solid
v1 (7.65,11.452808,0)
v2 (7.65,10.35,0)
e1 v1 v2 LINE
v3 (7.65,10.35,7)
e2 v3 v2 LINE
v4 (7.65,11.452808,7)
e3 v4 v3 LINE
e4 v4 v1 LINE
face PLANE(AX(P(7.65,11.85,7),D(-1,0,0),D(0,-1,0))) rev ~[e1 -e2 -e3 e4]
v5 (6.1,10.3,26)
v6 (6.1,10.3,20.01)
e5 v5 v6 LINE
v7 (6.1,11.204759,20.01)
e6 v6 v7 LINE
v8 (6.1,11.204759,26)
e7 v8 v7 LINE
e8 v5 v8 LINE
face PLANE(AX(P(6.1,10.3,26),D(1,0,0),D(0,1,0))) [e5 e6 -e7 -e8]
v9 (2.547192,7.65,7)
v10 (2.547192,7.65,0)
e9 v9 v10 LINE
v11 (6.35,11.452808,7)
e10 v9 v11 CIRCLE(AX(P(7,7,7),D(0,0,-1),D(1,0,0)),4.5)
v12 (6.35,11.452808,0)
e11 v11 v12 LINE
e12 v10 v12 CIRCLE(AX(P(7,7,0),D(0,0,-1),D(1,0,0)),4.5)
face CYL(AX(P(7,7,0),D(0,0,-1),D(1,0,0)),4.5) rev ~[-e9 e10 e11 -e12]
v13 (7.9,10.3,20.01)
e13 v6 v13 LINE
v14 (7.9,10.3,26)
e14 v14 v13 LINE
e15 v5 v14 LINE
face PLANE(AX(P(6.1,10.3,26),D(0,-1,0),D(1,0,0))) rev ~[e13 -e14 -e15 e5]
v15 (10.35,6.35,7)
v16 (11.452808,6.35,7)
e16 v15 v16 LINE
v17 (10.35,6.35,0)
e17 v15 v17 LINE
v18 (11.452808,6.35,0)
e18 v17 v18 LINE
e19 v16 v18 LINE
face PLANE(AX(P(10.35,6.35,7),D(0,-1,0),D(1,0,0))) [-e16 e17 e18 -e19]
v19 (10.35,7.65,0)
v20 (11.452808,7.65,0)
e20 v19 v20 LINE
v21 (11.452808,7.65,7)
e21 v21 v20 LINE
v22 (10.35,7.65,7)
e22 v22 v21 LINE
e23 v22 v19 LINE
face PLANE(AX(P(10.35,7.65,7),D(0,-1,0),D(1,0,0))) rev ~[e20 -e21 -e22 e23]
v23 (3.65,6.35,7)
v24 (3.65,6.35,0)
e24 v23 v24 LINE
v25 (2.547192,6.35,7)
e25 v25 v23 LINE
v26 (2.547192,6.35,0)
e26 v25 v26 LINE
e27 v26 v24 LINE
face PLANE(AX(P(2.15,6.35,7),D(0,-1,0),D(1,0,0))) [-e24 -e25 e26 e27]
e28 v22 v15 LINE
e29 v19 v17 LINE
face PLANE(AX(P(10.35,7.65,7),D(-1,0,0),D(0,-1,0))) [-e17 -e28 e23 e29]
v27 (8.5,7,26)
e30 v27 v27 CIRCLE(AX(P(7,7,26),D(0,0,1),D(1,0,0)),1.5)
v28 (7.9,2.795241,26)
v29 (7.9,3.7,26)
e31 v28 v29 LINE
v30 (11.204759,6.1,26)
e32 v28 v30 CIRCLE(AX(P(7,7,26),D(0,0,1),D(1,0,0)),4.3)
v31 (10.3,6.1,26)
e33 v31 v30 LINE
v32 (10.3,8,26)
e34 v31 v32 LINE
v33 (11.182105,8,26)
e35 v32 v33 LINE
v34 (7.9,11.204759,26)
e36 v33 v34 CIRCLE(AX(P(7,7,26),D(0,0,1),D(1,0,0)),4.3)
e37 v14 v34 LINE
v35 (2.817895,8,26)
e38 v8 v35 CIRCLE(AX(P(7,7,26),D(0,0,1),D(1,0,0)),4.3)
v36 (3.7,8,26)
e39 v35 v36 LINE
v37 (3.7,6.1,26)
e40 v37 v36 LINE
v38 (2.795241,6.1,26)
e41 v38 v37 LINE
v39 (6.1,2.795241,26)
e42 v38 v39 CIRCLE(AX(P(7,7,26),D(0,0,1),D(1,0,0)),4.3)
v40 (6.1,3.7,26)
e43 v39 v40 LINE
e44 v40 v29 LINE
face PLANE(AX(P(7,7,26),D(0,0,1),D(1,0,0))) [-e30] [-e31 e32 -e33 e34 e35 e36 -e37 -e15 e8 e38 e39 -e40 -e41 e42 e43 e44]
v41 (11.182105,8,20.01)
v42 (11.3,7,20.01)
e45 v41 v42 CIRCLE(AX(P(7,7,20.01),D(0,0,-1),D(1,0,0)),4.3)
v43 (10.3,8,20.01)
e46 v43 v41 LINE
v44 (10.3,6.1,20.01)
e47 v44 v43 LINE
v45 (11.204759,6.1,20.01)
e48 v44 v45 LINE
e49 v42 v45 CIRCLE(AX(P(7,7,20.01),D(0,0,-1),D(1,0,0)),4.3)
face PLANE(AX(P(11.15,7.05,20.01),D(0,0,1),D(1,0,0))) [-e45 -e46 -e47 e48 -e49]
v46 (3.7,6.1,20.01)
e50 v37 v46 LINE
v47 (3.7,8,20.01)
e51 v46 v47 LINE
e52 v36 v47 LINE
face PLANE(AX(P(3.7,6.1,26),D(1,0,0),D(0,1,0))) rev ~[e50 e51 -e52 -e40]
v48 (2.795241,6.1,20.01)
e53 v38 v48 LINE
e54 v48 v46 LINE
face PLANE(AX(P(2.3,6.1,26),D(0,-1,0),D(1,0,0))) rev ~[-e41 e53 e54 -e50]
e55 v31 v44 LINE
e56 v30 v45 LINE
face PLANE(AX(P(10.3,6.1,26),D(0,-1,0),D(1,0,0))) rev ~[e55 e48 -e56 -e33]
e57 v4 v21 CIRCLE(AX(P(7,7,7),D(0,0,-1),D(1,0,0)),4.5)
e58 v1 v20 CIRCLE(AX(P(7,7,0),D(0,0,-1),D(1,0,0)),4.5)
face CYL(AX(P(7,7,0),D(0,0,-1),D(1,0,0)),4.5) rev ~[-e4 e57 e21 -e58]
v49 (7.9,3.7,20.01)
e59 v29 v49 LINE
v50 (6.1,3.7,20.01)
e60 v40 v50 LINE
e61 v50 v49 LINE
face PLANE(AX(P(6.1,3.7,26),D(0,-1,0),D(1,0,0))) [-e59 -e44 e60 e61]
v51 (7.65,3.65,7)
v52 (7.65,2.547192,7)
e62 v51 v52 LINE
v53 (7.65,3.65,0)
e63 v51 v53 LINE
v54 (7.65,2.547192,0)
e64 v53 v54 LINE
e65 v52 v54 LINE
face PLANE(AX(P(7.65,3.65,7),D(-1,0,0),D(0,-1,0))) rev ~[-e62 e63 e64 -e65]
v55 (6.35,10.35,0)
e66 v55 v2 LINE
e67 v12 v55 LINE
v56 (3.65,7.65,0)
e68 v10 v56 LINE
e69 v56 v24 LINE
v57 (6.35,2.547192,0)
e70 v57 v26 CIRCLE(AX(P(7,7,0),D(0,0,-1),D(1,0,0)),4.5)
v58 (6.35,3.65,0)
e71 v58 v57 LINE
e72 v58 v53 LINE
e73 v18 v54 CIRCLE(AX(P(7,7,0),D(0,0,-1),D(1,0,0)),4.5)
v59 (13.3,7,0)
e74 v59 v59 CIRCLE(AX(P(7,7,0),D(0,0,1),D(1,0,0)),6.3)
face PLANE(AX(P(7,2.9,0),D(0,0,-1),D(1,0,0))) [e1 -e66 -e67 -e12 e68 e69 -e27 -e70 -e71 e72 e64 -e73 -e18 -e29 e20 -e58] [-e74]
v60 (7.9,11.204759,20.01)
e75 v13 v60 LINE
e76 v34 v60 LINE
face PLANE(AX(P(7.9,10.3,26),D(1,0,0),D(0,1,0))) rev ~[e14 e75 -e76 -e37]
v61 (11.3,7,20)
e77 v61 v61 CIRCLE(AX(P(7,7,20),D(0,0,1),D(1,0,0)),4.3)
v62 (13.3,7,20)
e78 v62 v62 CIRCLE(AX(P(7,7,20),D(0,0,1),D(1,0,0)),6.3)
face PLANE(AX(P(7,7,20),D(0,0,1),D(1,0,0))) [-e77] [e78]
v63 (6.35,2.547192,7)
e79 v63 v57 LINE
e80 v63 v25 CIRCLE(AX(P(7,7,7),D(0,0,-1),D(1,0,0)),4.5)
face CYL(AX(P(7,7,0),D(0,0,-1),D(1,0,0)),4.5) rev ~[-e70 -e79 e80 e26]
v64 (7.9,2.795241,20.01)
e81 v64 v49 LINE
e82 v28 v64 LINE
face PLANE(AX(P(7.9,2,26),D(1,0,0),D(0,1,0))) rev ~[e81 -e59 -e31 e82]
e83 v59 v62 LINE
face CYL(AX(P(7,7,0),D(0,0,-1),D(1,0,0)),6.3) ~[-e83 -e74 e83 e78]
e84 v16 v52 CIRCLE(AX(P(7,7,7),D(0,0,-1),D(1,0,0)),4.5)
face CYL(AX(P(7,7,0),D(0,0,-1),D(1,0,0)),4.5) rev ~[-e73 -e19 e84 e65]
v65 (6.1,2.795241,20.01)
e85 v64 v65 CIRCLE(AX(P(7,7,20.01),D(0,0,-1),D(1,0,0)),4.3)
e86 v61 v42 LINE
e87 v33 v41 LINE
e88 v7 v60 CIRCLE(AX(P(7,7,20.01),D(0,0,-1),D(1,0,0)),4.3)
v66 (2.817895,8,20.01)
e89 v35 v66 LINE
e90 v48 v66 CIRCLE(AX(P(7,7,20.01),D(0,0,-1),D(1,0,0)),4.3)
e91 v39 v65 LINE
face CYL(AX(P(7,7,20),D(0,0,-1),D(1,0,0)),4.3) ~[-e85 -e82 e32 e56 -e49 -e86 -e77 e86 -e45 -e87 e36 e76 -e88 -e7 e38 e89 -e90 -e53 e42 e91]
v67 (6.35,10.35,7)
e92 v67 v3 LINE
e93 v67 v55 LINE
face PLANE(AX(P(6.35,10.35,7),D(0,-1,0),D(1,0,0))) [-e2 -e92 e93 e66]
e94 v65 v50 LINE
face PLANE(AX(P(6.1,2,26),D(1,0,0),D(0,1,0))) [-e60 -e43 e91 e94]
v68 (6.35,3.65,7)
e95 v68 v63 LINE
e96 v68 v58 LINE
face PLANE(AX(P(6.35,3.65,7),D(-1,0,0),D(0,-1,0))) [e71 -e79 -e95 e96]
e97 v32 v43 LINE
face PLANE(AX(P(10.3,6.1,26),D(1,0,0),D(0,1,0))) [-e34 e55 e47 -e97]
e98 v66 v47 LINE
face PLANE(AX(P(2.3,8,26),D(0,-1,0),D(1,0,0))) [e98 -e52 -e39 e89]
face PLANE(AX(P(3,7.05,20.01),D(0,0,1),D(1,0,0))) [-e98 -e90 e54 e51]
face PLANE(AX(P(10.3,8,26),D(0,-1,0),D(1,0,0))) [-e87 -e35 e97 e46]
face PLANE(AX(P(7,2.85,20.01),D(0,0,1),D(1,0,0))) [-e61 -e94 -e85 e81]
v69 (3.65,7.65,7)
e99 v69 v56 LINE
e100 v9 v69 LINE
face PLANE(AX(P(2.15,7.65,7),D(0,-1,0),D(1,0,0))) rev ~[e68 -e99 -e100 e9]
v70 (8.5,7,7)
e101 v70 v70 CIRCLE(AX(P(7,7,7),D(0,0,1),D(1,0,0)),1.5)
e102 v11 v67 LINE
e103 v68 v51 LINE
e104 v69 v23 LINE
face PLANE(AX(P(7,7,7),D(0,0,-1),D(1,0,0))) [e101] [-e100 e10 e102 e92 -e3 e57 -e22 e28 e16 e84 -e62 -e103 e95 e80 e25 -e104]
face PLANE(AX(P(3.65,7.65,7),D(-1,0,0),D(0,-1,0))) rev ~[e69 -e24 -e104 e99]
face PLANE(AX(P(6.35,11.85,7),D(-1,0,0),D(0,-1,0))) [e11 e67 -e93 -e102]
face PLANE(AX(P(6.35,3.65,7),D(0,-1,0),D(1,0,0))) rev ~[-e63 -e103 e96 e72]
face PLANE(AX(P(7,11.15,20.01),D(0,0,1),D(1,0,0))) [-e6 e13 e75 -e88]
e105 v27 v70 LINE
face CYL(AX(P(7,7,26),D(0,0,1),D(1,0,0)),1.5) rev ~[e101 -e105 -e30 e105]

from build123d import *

# Parameters (mm, degrees)
SKETCH_R        = 6.3
PAD_DEPTH       = 20
SKETCH001_R     = 4.3
PAD001_DEPTH    = 6
SKETCH002_W     = 1.8
SKETCH002_H     = 1.7
SKETCH002_W_2   = 1.4
SKETCH002_H_2   = 1.9
SKETCH002_W_3   = 1.7
POCKET_DEPTH    = 5.99
SKETCH003_R     = 4.5
POCKET001_DEPTH = 7
SKETCH004_W     = 1.3
SKETCH004_H     = 1.5
SKETCH004_W_2   = 1.5
SKETCH004_H_2   = 1.3
PAD002_DEPTH    = 7
SKETCH005_R     = 1.5
POCKET002_DEPTH = 50


with BuildPart() as part:
    # Sketch → Pad (new body)
    with BuildSketch(Plane.XY):
        with Locations((7, 7)):
            Circle(SKETCH_R)
    extrude(amount=PAD_DEPTH)

    # Sketch001 (on Face3 of Pad) → Pad001 (join)
    with BuildSketch(Plane.XY.offset(20)):
        with Locations((7, 7)):
            Circle(SKETCH001_R)
    extrude(amount=PAD001_DEPTH)

    # Sketch002 (on Face5 of Pad001) → Pocket (cut)
    with BuildSketch(Plane.XY.offset(26)):
        with Locations((7, 11.15)):
            Rectangle(SKETCH002_W, SKETCH002_H)
        with Locations((7, 2.85)):
            Rectangle(SKETCH002_W, SKETCH002_H)
        with Locations((3, 7.05)):
            Rectangle(SKETCH002_W_2, SKETCH002_H_2)
        with Locations((11.15, 7.05)):
            Rectangle(SKETCH002_W_3, SKETCH002_H_2)
    extrude(amount=-POCKET_DEPTH, mode=Mode.SUBTRACT)

    # Sketch003 (on Face2 of Pocket) → Pocket001 (cut)
    with BuildSketch(Plane(origin=(0, 0, 0), x_dir=(1, 0, 0), z_dir=(0, 0, -1))):
        with Locations((7, -7)):
            Circle(SKETCH003_R)
    extrude(amount=-POCKET001_DEPTH, mode=Mode.SUBTRACT)

    # Sketch004 (on Face6 of Pocket001) → Pad002 (join)
    with BuildSketch(Plane(origin=(0, 0, 7), x_dir=(1, 0, 0), z_dir=(0, 0, -1))):
        with Locations((7, -2.9)):
            Rectangle(SKETCH004_W, SKETCH004_H)
        with Locations((7, -11.1)):
            Rectangle(SKETCH004_W, SKETCH004_H)
        with Locations((11.1, -7)):
            Rectangle(SKETCH004_W_2, SKETCH004_H_2)
        with Locations((2.9, -7)):
            Rectangle(SKETCH004_W_2, SKETCH004_H_2)
    extrude(amount=PAD002_DEPTH)

    # Sketch005 (on Face28 of Pad002) → Pocket002 (cut)
    with BuildSketch(Plane.XY.offset(26)):
        with Locations((7, 7)):
            Circle(SKETCH005_R)
    extrude(amount=-POCKET002_DEPTH, mode=Mode.SUBTRACT)


solid = part.part
